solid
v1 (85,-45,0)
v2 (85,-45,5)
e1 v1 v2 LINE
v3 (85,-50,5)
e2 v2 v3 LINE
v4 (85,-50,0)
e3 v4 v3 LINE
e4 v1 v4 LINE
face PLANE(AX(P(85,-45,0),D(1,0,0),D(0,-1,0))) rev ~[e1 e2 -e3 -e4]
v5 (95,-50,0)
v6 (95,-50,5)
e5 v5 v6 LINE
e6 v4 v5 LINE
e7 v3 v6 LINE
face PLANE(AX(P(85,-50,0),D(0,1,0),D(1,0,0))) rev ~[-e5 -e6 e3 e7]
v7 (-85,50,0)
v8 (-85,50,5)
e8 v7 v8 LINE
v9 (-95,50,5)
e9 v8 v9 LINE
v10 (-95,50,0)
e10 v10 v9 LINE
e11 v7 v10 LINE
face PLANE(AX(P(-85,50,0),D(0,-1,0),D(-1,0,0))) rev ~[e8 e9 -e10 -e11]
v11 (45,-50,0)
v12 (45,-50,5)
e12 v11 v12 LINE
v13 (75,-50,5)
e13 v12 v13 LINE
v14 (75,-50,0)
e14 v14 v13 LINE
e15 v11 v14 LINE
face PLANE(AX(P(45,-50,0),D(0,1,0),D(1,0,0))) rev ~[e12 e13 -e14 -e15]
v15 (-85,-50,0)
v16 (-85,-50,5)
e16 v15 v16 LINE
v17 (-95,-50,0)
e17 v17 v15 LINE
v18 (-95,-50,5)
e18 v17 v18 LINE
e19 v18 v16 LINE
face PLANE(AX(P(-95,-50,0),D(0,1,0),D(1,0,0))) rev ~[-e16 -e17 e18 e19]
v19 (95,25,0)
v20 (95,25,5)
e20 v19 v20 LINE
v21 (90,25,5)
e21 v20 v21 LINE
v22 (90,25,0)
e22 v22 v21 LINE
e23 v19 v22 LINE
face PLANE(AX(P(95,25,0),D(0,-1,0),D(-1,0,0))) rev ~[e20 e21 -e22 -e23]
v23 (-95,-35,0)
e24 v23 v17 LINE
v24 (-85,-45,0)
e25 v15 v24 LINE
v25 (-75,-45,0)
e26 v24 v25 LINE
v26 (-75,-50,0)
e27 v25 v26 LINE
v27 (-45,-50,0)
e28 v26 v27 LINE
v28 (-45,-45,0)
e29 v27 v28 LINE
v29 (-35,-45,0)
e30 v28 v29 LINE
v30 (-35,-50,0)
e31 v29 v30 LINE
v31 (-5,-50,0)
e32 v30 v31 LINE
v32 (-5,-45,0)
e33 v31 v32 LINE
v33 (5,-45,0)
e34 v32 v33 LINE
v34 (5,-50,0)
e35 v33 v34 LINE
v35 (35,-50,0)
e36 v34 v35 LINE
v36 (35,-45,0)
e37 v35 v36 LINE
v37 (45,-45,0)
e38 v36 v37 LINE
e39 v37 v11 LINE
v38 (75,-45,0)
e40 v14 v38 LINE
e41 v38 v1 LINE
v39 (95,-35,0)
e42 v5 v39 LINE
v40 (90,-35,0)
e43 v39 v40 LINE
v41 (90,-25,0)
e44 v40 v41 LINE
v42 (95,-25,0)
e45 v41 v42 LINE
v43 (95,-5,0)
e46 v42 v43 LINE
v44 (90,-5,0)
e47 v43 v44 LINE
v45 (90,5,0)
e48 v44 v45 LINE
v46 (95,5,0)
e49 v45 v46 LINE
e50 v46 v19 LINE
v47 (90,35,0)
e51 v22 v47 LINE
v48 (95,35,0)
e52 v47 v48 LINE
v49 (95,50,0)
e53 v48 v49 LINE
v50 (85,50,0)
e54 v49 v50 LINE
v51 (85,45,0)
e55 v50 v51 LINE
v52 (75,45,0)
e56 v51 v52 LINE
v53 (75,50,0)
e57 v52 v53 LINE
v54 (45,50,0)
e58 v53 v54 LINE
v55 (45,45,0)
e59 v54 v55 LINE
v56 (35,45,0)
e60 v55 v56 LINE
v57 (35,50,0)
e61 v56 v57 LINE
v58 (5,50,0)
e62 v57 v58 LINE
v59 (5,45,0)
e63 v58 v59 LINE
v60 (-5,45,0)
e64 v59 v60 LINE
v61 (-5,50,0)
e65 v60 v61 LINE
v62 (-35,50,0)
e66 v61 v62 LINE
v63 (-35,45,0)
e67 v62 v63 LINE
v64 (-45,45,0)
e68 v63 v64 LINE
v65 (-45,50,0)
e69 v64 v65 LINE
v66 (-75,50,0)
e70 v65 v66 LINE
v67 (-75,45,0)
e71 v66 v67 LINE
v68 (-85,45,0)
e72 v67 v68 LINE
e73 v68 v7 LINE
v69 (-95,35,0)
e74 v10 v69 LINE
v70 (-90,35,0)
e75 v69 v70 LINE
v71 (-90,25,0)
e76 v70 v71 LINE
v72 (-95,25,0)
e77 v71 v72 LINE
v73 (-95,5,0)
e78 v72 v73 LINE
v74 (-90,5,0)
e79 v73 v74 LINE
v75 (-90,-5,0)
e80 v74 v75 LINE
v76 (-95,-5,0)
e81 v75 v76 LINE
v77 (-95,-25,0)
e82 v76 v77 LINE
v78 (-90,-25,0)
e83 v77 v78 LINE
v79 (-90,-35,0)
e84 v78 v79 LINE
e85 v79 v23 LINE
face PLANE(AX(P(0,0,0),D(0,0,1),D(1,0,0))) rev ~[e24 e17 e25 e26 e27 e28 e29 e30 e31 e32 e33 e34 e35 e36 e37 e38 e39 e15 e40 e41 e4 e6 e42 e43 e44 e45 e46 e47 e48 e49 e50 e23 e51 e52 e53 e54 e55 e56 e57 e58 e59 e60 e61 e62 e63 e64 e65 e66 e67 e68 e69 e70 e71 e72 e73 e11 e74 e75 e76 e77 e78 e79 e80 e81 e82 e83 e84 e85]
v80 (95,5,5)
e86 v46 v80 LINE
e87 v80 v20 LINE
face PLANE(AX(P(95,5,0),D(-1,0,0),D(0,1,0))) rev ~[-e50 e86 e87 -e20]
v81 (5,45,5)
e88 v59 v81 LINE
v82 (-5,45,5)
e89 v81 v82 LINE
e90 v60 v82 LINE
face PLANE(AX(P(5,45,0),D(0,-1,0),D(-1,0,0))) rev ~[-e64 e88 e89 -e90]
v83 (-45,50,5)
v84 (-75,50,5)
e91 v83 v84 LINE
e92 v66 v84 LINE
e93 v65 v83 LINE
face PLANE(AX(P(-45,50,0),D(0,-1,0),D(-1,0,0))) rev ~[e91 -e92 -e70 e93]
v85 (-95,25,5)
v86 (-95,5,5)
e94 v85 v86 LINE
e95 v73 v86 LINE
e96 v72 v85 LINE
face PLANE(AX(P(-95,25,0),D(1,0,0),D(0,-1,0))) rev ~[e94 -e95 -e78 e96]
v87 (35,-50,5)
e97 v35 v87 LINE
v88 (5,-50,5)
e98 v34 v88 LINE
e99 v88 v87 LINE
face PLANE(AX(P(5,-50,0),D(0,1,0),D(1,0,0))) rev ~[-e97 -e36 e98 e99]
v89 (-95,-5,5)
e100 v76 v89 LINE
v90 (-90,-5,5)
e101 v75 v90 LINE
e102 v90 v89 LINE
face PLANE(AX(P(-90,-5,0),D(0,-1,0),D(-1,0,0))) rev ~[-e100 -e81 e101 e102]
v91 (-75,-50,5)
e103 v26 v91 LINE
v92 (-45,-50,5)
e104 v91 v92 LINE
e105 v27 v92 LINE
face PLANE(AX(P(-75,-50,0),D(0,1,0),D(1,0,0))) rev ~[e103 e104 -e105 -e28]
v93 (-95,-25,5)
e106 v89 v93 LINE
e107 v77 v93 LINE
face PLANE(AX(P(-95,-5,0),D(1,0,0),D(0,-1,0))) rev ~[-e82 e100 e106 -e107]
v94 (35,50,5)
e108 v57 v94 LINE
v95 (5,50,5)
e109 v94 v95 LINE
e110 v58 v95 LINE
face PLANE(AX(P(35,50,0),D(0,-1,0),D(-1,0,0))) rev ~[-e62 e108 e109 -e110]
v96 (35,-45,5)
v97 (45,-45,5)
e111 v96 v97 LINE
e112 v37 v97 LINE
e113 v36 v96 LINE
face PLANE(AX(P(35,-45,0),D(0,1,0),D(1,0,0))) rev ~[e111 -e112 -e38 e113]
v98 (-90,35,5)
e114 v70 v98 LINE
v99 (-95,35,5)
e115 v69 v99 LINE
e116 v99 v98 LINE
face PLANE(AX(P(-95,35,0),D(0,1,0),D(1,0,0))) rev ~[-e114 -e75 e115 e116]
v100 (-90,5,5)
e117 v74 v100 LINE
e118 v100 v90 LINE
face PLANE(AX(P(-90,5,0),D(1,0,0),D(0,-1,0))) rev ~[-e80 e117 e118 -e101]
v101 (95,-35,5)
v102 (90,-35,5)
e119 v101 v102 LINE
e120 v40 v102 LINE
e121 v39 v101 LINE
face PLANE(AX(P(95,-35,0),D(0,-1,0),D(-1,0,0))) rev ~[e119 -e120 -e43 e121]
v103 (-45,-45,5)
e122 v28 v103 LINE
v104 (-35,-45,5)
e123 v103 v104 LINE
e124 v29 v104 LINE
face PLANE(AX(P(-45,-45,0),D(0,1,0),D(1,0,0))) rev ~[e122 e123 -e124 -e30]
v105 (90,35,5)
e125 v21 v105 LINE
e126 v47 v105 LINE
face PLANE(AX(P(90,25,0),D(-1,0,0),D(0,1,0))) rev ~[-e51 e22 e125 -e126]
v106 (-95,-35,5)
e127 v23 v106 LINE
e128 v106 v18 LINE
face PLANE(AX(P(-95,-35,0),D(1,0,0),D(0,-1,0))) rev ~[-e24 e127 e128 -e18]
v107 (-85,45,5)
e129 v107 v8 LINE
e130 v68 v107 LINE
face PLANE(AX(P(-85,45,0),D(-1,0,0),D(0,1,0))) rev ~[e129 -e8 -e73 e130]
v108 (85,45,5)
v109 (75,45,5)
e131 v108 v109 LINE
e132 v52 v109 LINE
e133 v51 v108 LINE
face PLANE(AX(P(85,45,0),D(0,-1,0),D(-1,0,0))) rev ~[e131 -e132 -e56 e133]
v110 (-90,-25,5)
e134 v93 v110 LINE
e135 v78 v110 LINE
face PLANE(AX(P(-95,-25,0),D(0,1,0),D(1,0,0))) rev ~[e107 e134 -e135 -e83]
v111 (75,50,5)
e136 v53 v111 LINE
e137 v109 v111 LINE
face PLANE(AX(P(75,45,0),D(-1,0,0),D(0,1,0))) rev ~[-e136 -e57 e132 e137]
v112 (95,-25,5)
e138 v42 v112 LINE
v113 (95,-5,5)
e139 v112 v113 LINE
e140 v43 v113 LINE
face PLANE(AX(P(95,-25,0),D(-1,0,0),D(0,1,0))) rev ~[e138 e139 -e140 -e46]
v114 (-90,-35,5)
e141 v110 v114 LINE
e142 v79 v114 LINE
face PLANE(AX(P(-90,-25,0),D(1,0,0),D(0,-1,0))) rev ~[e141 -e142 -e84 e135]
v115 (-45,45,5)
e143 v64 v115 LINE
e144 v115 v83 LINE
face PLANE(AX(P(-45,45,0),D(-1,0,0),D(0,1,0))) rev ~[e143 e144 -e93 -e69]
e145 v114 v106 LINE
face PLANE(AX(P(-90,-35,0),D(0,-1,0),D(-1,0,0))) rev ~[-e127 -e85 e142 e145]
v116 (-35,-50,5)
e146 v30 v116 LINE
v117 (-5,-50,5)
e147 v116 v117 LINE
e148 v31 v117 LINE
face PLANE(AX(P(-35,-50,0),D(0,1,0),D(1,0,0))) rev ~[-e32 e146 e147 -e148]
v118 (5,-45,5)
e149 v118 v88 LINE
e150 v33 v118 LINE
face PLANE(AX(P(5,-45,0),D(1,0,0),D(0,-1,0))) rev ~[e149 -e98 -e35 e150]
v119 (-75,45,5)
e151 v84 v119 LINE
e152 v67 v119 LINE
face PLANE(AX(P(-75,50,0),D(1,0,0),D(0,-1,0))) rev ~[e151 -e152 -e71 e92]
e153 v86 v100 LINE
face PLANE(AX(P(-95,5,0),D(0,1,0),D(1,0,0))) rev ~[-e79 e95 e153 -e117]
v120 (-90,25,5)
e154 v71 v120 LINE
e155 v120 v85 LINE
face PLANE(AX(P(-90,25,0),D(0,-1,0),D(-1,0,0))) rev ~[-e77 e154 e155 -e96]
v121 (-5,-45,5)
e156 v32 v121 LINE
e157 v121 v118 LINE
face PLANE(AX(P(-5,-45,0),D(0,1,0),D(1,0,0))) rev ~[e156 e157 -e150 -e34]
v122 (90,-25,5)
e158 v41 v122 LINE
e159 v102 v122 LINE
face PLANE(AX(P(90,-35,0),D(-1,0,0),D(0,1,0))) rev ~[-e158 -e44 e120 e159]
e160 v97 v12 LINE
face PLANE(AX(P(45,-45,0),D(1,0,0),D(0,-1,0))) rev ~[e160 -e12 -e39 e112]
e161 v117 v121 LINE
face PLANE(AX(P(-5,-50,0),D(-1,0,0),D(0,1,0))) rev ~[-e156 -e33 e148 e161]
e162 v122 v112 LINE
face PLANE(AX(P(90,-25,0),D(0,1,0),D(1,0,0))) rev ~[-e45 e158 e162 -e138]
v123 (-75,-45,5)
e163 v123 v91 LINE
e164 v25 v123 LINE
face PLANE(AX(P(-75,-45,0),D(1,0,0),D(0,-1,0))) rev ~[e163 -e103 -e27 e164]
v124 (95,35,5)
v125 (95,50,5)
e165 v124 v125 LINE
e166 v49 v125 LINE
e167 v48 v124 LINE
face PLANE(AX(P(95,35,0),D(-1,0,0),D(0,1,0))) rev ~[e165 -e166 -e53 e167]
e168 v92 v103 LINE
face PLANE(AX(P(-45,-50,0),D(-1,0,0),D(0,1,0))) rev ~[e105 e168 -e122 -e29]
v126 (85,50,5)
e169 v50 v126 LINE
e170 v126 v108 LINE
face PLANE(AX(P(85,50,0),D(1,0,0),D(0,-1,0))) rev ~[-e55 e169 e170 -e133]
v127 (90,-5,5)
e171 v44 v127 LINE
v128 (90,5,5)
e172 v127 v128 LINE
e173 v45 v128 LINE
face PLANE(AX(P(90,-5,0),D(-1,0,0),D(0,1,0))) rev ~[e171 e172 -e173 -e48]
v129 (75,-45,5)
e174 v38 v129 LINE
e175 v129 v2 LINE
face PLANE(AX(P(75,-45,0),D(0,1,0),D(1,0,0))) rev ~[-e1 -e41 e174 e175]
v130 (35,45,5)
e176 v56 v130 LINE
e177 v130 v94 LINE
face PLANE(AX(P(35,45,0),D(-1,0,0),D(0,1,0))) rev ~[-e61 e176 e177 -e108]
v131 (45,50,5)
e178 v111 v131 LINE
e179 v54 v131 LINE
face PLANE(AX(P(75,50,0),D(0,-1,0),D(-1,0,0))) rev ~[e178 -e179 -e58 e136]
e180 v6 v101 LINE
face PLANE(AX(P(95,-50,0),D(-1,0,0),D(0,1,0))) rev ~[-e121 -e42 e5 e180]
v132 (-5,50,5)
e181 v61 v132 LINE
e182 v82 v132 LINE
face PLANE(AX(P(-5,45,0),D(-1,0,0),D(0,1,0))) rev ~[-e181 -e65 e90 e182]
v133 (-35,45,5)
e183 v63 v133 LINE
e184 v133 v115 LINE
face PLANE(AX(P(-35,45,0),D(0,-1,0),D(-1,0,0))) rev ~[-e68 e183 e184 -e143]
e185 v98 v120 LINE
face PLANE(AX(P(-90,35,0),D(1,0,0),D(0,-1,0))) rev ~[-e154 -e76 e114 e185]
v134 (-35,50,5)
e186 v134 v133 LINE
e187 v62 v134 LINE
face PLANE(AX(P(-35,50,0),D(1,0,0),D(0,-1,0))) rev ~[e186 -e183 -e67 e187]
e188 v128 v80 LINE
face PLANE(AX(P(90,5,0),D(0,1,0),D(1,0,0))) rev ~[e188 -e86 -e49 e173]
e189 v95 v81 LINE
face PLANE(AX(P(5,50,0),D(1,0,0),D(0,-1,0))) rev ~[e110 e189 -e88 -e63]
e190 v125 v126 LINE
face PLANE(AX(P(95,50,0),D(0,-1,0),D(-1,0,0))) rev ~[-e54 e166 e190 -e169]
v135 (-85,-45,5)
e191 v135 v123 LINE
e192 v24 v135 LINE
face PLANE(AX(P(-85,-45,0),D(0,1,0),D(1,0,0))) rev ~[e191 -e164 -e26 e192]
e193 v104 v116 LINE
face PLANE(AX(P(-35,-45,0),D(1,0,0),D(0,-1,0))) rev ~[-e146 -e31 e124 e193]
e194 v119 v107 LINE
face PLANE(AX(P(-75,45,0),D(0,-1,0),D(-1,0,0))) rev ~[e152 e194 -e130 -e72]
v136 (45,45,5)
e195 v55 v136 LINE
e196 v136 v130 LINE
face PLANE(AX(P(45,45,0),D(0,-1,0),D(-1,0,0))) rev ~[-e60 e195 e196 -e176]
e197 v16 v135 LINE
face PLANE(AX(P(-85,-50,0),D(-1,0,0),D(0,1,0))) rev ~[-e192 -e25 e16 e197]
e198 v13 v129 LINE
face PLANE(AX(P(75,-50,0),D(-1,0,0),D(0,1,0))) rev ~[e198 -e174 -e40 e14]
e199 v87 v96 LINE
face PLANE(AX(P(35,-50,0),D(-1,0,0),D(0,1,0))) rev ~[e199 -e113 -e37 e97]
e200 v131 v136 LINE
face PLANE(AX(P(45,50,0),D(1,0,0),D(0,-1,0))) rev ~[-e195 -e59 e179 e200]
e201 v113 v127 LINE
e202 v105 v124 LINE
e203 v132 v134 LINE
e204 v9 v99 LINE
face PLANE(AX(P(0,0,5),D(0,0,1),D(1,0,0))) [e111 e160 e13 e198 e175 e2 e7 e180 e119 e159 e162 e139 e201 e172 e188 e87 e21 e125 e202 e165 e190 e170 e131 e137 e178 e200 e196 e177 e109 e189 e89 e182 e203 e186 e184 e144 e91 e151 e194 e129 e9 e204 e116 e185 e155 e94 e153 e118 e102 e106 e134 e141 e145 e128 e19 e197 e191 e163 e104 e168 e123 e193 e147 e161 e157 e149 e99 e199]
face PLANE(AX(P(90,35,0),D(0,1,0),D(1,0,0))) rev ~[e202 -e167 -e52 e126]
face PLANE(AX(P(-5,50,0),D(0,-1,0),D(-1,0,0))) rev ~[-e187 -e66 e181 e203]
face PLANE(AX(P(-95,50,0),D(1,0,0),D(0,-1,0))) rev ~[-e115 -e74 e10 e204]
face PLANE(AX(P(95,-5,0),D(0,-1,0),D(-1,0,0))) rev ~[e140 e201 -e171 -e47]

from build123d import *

# Parameters (mm, degrees)
BOSS_EXTRUDE1_DEPTH = 5


with BuildPart() as part:
    # Sketch1 → Boss-Extrude1 (new body)
    with BuildSketch(Plane.XY):
        Polygon((-85, 45), (-85, 50), (-95, 50), (-95, 35), (-90, 35), (-90, 25), (-95, 25), (-95, 5), (-90, 5), (-90, -5), (-95, -5), (-95, -25), (-90, -25), (-90, -35), (-95, -35), (-95, -50), (-85, -50), (-85, -45), (-75, -45), (-75, -50), (-45, -50), (-45, -45), (-35, -45), (-35, -50), (-5, -50), (-5, -45), (5, -45), (5, -50), (35, -50), (35, -45), (45, -45), (45, -50), (75, -50), (75, -45), (85, -45), (85, -50), (95, -50), (95, -35), (90, -35), (90, -25), (95, -25), (95, -5), (90, -5), (90, 5), (95, 5), (95, 25), (90, 25), (90, 35), (95, 35), (95, 50), (85, 50), (85, 45), (75, 45), (75, 50), (45, 50), (45, 45), (35, 45), (35, 50), (5, 50), (5, 45), (-5, 45), (-5, 50), (-35, 50), (-35, 45), (-45, 45), (-45, 50), (-75, 50), (-75, 45), align=None)
    extrude(amount=BOSS_EXTRUDE1_DEPTH)


solid = part.part
